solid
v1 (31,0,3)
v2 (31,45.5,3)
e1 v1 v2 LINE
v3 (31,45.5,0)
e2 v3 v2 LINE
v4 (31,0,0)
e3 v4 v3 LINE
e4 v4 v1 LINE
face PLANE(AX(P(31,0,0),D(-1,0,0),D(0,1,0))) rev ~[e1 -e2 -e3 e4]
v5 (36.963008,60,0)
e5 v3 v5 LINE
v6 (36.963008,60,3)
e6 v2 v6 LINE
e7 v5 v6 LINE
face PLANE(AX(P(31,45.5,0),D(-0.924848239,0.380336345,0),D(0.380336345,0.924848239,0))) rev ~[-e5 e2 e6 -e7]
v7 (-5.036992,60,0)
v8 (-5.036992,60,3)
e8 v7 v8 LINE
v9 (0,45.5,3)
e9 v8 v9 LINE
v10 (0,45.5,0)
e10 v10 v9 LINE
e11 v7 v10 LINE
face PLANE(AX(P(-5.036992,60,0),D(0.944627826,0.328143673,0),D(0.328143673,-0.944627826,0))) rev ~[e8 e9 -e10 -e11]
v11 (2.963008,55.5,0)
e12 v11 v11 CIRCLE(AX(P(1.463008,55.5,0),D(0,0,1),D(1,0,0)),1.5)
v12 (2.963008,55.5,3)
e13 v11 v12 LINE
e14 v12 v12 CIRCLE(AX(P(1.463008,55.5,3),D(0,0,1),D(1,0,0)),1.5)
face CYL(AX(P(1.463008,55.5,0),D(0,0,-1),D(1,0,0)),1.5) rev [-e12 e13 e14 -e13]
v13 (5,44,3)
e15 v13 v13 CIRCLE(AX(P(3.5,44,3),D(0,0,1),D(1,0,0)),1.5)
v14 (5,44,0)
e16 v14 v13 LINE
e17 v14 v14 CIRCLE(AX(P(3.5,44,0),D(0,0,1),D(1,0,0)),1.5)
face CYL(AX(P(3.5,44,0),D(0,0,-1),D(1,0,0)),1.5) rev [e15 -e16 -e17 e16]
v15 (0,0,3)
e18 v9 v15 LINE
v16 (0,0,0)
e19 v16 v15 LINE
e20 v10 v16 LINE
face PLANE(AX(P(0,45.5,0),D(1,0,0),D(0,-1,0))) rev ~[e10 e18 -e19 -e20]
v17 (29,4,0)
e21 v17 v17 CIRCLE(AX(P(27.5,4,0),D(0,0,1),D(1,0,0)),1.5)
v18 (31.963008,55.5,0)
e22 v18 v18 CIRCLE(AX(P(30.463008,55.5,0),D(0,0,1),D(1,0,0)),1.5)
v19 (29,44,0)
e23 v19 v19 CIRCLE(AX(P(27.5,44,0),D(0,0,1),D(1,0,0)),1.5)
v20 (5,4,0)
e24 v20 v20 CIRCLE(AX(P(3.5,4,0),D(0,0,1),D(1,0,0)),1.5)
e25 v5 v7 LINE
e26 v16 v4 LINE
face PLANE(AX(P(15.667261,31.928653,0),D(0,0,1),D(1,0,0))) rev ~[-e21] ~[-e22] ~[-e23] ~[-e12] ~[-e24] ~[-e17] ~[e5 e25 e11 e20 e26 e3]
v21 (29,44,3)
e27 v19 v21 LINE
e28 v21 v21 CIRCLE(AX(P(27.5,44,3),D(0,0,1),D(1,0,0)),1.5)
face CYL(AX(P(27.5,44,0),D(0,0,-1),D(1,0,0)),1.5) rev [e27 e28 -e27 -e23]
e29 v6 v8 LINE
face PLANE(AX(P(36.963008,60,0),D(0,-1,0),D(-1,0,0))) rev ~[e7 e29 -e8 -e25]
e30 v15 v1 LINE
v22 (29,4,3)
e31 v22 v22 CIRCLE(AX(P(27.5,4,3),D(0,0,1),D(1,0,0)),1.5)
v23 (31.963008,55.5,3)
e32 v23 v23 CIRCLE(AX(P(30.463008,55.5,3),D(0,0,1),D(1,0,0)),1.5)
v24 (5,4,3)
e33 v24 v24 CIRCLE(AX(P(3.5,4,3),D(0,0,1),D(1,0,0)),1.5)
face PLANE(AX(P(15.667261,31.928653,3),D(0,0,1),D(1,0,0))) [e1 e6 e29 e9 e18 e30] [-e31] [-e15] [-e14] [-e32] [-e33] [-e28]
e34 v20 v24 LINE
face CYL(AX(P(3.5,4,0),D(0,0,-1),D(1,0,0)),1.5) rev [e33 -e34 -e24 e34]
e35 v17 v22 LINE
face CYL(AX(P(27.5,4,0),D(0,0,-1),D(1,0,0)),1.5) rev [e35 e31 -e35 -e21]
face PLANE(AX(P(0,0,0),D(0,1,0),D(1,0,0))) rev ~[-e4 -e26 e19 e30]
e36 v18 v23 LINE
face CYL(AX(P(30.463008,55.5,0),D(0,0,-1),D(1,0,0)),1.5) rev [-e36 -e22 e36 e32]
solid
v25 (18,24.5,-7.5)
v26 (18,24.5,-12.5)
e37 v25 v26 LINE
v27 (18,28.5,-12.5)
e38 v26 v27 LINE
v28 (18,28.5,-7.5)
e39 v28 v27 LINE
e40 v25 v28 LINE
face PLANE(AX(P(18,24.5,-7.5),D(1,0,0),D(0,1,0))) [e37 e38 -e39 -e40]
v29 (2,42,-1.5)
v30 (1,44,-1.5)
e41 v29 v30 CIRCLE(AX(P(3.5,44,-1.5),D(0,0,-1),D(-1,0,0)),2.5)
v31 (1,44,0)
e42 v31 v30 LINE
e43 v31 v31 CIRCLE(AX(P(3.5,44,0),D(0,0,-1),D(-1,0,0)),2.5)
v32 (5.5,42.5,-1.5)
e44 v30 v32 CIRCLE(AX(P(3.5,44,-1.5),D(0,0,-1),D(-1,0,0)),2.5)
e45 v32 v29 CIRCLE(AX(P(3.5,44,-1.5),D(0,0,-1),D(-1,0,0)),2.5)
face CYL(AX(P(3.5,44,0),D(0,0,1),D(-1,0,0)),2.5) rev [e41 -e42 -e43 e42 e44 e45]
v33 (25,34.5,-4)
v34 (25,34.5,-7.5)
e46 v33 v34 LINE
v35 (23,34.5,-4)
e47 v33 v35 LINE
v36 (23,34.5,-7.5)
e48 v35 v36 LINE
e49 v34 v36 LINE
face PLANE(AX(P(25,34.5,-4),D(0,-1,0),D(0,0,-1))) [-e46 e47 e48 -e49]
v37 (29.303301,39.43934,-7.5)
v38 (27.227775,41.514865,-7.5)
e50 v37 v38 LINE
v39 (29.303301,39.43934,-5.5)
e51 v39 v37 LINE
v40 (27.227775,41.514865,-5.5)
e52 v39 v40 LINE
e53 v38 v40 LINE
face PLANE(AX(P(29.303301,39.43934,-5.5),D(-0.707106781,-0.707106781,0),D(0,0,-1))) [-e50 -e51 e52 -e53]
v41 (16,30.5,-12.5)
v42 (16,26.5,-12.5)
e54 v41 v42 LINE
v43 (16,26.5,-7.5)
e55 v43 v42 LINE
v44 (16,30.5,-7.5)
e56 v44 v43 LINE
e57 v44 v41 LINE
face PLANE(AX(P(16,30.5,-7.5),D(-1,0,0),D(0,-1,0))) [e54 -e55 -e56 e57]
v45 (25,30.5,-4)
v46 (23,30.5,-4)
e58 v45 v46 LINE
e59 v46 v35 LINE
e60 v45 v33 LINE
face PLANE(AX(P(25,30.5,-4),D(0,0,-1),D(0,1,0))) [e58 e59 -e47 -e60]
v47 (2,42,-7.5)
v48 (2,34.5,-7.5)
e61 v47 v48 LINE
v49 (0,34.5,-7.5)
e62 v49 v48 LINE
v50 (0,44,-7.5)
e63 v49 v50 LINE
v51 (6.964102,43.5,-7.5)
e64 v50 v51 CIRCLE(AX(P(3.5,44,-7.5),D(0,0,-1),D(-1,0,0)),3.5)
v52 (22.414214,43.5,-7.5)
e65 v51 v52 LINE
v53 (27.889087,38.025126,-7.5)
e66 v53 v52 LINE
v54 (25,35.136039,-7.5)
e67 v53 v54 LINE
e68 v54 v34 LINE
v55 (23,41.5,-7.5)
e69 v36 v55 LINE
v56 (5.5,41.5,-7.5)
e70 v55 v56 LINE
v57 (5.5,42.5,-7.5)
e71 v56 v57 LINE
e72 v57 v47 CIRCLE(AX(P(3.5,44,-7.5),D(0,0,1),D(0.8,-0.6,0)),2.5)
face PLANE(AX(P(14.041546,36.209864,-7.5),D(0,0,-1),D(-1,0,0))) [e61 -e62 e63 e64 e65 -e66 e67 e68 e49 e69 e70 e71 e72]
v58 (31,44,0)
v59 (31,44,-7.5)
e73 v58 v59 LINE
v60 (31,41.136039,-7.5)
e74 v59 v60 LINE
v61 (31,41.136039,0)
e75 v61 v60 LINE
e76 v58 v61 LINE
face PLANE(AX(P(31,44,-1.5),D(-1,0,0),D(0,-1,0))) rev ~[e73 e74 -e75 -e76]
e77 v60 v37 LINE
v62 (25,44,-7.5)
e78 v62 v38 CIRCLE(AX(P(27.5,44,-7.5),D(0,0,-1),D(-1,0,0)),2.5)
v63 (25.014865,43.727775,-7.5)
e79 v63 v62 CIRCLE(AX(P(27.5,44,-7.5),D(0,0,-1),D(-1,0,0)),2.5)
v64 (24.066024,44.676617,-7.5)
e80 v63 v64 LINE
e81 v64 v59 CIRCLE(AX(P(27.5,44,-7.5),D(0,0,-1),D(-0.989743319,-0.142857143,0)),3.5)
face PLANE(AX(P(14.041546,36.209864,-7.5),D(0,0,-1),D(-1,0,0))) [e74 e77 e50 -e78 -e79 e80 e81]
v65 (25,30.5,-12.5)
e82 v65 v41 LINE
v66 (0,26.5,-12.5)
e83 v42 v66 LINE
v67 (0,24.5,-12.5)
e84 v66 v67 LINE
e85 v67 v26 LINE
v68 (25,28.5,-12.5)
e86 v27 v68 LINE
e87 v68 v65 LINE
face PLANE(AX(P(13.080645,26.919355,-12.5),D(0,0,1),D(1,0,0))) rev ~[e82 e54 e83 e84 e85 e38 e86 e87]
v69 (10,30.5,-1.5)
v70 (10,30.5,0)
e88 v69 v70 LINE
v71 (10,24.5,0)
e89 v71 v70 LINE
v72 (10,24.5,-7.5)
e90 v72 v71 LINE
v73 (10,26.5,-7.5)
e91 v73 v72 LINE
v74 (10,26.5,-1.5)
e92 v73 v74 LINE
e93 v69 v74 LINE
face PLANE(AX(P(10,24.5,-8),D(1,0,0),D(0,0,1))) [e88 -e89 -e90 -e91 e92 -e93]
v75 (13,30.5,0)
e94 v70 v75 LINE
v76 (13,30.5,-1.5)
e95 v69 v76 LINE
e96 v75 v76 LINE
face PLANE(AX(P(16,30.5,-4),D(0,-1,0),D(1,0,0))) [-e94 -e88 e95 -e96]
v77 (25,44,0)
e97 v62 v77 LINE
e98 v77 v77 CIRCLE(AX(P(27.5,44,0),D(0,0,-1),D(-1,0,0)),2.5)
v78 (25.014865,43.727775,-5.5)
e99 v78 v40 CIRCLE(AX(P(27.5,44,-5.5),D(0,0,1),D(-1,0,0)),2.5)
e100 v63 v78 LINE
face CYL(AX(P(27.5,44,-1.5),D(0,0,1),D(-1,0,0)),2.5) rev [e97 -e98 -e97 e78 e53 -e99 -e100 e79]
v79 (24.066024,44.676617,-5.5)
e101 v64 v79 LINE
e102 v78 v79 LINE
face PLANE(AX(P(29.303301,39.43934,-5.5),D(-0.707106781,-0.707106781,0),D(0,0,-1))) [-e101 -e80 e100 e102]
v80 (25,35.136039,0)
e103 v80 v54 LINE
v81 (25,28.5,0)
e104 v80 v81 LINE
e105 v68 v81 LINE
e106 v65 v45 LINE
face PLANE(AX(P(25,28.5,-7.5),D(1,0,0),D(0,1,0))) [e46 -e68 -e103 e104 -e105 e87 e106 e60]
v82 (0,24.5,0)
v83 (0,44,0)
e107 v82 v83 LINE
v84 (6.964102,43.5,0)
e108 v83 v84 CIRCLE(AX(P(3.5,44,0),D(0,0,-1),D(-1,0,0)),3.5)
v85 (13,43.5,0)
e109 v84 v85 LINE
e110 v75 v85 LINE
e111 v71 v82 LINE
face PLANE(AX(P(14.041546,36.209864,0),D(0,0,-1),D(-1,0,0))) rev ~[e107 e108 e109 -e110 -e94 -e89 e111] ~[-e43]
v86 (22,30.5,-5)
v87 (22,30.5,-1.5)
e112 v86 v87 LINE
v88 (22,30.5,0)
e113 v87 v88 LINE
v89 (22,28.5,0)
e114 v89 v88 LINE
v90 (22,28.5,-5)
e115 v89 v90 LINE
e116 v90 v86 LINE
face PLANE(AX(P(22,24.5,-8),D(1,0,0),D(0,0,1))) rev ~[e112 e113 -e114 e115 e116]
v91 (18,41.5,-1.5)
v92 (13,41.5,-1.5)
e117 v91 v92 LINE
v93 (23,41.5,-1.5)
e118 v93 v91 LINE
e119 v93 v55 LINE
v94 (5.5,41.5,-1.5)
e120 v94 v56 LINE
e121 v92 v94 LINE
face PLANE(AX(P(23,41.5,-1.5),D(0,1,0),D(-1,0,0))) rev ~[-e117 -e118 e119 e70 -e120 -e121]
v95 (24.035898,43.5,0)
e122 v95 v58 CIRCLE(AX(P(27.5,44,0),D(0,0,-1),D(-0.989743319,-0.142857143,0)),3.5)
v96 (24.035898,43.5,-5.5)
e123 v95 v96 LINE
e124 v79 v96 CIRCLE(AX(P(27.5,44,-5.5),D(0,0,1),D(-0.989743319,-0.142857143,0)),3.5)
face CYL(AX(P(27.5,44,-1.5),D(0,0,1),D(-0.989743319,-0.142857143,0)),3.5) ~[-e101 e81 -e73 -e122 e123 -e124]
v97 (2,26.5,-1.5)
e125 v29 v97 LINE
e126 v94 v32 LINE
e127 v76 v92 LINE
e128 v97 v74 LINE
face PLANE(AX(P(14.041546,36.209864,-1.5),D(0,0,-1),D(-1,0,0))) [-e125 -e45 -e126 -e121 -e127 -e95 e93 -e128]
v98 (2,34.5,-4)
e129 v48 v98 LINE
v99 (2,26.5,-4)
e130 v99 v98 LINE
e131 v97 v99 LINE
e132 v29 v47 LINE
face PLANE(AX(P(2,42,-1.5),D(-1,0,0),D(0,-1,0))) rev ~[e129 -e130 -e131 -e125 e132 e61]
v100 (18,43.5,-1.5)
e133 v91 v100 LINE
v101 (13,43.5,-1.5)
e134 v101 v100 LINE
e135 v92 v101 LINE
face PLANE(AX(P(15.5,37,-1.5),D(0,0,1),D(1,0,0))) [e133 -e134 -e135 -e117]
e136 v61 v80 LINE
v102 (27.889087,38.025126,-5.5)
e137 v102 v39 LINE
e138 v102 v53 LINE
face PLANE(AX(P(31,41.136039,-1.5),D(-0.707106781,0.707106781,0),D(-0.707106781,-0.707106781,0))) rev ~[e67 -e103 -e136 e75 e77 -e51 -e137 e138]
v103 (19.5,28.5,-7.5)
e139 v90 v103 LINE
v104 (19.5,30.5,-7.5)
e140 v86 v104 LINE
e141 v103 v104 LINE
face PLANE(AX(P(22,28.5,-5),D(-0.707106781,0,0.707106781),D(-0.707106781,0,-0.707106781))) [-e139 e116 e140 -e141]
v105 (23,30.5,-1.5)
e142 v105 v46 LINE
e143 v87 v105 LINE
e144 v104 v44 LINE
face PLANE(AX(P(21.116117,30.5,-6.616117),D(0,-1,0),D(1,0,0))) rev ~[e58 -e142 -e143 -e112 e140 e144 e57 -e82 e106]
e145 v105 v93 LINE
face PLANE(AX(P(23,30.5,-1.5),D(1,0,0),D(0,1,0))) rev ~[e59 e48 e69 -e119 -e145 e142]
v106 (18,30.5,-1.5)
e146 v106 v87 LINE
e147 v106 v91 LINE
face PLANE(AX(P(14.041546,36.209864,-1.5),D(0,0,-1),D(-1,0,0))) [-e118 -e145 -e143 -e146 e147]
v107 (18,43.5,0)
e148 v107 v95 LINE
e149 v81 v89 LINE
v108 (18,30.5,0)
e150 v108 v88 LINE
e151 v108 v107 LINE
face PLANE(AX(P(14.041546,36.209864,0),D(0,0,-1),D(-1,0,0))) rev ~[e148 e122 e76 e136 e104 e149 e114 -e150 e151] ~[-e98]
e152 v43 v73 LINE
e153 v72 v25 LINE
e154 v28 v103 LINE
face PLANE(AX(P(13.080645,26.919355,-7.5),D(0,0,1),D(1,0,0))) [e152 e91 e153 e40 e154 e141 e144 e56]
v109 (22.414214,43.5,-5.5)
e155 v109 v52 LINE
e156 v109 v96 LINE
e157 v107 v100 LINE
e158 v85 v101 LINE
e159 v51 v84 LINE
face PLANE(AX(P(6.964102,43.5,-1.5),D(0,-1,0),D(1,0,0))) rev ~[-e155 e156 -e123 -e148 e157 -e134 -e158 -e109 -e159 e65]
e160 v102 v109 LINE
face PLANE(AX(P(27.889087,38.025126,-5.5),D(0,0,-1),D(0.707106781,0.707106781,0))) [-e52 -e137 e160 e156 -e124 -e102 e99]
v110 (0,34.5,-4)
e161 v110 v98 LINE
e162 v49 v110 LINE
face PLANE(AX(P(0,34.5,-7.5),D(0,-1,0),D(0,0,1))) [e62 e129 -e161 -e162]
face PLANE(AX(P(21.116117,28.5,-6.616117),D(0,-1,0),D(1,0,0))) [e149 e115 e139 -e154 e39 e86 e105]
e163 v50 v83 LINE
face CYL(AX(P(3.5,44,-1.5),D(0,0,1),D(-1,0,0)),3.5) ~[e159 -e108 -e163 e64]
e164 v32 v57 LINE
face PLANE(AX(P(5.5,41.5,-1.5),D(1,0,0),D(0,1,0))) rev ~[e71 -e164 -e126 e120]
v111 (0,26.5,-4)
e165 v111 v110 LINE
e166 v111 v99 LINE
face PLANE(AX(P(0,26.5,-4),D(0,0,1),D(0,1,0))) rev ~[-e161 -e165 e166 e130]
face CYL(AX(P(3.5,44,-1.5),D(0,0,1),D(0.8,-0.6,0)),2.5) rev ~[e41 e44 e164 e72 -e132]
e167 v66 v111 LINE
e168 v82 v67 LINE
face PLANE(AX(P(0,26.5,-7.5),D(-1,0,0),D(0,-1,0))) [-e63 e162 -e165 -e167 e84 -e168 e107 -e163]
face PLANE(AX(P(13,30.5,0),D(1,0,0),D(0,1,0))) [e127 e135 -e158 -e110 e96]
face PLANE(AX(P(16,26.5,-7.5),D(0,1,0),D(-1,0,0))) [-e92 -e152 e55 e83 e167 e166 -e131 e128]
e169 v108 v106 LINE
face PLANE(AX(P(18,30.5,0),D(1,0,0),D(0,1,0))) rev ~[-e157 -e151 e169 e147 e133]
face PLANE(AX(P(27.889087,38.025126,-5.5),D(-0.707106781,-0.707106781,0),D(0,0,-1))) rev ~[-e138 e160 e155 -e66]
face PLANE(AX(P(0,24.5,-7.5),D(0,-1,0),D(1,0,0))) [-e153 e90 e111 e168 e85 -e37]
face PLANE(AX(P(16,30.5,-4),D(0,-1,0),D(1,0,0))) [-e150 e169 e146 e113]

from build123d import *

# Parameters (mm, degrees)
SKETCH1_R           = 1.5
BOSS_EXTRUDE1_DEPTH = 3
SKETCH2_R           = 2.5
BOSS_EXTRUDE2_DEPTH = 1.5
SKETCH5_R           = 2.5
BOSS_EXTRUDE5_DEPTH = 6
SKETCH9_W           = 12
SKETCH9_H           = 8
CUT_EXTRUDE2_DEPTH  = 6
SKETCH11_W          = 8
SKETCH11_H          = 4
CUT_EXTRUDE4_DEPTH  = 2
SKETCH13_W          = 5
SKETCH13_H          = 13
CUT_EXTRUDE7_DEPTH  = 1.5
SKETCH16_W          = 2
SKETCH16_H          = 2
CUT_EXTRUDE9_DEPTH  = 39.820836522
BOSS_EXTRUDE6_DEPTH = 5
SKETCH20_W          = 3.5
SKETCH20_H          = 8
CUT_EXTRUDE10_DEPTH = 2
BOSS_EXTRUDE7_DEPTH = 2


with BuildPart() as part:
    # Sketch1 → Boss-Extrude1 (new body)
    with BuildSketch(Plane.XY):
        Polygon((0, 0), (31, 0), (31, 45.5), (36.963007518, 60), (-5.036992482, 60), (0, 45.5), align=None)
        with Locations((30.463007518, 55.5)):
            Circle(SKETCH1_R, mode=Mode.SUBTRACT)
        with Locations((27.5, 44)):
            Circle(SKETCH1_R, mode=Mode.SUBTRACT)
        with Locations((27.5, 4)):
            Circle(SKETCH1_R, mode=Mode.SUBTRACT)
        with Locations((3.5, 4)):
            Circle(SKETCH1_R, mode=Mode.SUBTRACT)
        with Locations((3.5, 44)):
            Circle(SKETCH1_R, mode=Mode.SUBTRACT)
        with Locations((1.463007518, 55.5)):
            Circle(SKETCH1_R, mode=Mode.SUBTRACT)
    extrude(amount=BOSS_EXTRUDE1_DEPTH)


with BuildPart() as body_2:
    # Sketch2 → Boss-Extrude2 (new body)
    with BuildSketch(Plane(origin=(0, 0, 0), x_dir=(-1, 0, 0), z_dir=(0, 0, -1))):
        with BuildLine():
            Line((0, 24.5), (0, 44))
            ThreePointArc((0, 44), (-3.750643519, 47.491013868), (-6.964101615, 43.5))
            Line((-6.964101615, 43.5), (-24.035898385, 43.5))
            ThreePointArc((-24.035898385, 43.5), (-27.249356481, 47.491013868), (-31, 44))
            Line((-31, 44), (-31, 41.136038969))
            Line((-31, 41.136038969), (-25, 35.136038969))
            Line((-25, 35.136038969), (-25, 28.5))
            Line((-25, 28.5), (-18, 28.5))
            Line((-18, 28.5), (-18, 24.5))
            Line((-18, 24.5), (0, 24.5))
        make_face()
        with Locations((-27.5, 44)):
            Circle(SKETCH2_R, mode=Mode.SUBTRACT)
        with Locations((-3.5, 44)):
            Circle(SKETCH2_R, mode=Mode.SUBTRACT)
    extrude(amount=BOSS_EXTRUDE2_DEPTH)

    # Sketch5 → Boss-Extrude5 (add)
    with BuildSketch(Plane(origin=(0, 0, -1.5), x_dir=(-1, 0, 0), z_dir=(0, 0, -1))):
        with BuildLine():
            Line((-6.964101615, 43.5), (-24.035898385, 43.5))
            ThreePointArc((-24.035898385, 43.5), (-27.249356481, 47.491013868), (-31, 44))
            Line((-31, 44), (-31, 41.136038969))
            Line((-31, 41.136038969), (-25, 35.136038969))
            Line((-25, 35.136038969), (-25, 28.5))
            Line((-25, 28.5), (-18, 28.5))
            Line((-18, 28.5), (-18, 24.5))
            Line((-18, 24.5), (0, 24.5))
            Line((0, 24.5), (0, 44))
            ThreePointArc((0, 44), (-3.750643519, 47.491013868), (-6.964101615, 43.5))
        make_face()
        with Locations((-27.5, 44)):
            Circle(SKETCH5_R, mode=Mode.SUBTRACT)
        with BuildLine():
            Line((-23, 41.5), (-5.5, 41.5))
            Line((-5.5, 41.5), (-5.5, 42.5))
            ThreePointArc((-5.5, 42.5), (-3.146446609, 46.474873734), (-2, 42))
            Line((-2, 42), (-2, 26.5))
            Line((-2, 26.5), (-16, 26.5))
            Line((-16, 26.5), (-16, 30.5))
            Line((-16, 30.5), (-23, 30.5))
            Line((-23, 30.5), (-23, 41.5))
        make_face(mode=Mode.SUBTRACT)
    extrude(amount=BOSS_EXTRUDE5_DEPTH)

    # Sketch9 → Cut-Extrude2 (cut)
    with BuildSketch(Plane.XZ.offset(-24.5)):
        with Locations((16, -4)):
            Rectangle(SKETCH9_W, SKETCH9_H)
    extrude(amount=-CUT_EXTRUDE2_DEPTH, mode=Mode.SUBTRACT)

    # Sketch11 → Cut-Extrude4 (cut)
    with BuildSketch(Plane(origin=(25, 0, 0), x_dir=(0, 0, -1), z_dir=(1, 0, 0))):
        with Locations((8, 32.5)):
            Rectangle(SKETCH11_W, SKETCH11_H)
    extrude(amount=-CUT_EXTRUDE4_DEPTH, mode=Mode.SUBTRACT)

    # Sketch13 → Cut-Extrude7 (cut)
    with BuildSketch(Plane.XY):
        with Locations((15.5, 37)):
            Rectangle(SKETCH13_W, SKETCH13_H)
    extrude(amount=-CUT_EXTRUDE7_DEPTH, mode=Mode.SUBTRACT)

    # Sketch16 → Cut-Extrude9 (cut, through all)
    with BuildSketch(Plane(origin=(-5.068019485, 5.068019485, 0), x_dir=(0, 0, -1), z_dir=(0.707106781, -0.707106781, 0))):
        with Locations((6.5, 47.608387387)):
            Rectangle(SKETCH16_W, SKETCH16_H)
    extrude(amount=-CUT_EXTRUDE9_DEPTH, mode=Mode.SUBTRACT)

    # Sketch19 → Boss-Extrude6 (add)
    with BuildSketch(Plane(origin=(0, 0, -7.5), x_dir=(-1, 0, 0), z_dir=(0, 0, -1))):
        Polygon((-18, 28.5), (-25, 28.5), (-25, 30.5), (-16, 30.5), (-16, 26.5), (0, 26.5), (0, 24.5), (-18, 24.5), align=None)
    extrude(amount=BOSS_EXTRUDE6_DEPTH)

    # Sketch20 → Cut-Extrude10 (cut)
    with BuildSketch(Plane.ZY):
        with Locations((-5.75, 30.5)):
            Rectangle(SKETCH20_W, SKETCH20_H)
    extrude(amount=-CUT_EXTRUDE10_DEPTH, mode=Mode.SUBTRACT)

    # Sketch21 → Boss-Extrude7 (add)
    with BuildSketch(Plane.XZ.offset(-28.5)):
        Polygon((22, -5), (19.5, -7.5), (22, -7.5), align=None)
    extrude(amount=-BOSS_EXTRUDE7_DEPTH)


solid = Compound([part.part, body_2.part])
